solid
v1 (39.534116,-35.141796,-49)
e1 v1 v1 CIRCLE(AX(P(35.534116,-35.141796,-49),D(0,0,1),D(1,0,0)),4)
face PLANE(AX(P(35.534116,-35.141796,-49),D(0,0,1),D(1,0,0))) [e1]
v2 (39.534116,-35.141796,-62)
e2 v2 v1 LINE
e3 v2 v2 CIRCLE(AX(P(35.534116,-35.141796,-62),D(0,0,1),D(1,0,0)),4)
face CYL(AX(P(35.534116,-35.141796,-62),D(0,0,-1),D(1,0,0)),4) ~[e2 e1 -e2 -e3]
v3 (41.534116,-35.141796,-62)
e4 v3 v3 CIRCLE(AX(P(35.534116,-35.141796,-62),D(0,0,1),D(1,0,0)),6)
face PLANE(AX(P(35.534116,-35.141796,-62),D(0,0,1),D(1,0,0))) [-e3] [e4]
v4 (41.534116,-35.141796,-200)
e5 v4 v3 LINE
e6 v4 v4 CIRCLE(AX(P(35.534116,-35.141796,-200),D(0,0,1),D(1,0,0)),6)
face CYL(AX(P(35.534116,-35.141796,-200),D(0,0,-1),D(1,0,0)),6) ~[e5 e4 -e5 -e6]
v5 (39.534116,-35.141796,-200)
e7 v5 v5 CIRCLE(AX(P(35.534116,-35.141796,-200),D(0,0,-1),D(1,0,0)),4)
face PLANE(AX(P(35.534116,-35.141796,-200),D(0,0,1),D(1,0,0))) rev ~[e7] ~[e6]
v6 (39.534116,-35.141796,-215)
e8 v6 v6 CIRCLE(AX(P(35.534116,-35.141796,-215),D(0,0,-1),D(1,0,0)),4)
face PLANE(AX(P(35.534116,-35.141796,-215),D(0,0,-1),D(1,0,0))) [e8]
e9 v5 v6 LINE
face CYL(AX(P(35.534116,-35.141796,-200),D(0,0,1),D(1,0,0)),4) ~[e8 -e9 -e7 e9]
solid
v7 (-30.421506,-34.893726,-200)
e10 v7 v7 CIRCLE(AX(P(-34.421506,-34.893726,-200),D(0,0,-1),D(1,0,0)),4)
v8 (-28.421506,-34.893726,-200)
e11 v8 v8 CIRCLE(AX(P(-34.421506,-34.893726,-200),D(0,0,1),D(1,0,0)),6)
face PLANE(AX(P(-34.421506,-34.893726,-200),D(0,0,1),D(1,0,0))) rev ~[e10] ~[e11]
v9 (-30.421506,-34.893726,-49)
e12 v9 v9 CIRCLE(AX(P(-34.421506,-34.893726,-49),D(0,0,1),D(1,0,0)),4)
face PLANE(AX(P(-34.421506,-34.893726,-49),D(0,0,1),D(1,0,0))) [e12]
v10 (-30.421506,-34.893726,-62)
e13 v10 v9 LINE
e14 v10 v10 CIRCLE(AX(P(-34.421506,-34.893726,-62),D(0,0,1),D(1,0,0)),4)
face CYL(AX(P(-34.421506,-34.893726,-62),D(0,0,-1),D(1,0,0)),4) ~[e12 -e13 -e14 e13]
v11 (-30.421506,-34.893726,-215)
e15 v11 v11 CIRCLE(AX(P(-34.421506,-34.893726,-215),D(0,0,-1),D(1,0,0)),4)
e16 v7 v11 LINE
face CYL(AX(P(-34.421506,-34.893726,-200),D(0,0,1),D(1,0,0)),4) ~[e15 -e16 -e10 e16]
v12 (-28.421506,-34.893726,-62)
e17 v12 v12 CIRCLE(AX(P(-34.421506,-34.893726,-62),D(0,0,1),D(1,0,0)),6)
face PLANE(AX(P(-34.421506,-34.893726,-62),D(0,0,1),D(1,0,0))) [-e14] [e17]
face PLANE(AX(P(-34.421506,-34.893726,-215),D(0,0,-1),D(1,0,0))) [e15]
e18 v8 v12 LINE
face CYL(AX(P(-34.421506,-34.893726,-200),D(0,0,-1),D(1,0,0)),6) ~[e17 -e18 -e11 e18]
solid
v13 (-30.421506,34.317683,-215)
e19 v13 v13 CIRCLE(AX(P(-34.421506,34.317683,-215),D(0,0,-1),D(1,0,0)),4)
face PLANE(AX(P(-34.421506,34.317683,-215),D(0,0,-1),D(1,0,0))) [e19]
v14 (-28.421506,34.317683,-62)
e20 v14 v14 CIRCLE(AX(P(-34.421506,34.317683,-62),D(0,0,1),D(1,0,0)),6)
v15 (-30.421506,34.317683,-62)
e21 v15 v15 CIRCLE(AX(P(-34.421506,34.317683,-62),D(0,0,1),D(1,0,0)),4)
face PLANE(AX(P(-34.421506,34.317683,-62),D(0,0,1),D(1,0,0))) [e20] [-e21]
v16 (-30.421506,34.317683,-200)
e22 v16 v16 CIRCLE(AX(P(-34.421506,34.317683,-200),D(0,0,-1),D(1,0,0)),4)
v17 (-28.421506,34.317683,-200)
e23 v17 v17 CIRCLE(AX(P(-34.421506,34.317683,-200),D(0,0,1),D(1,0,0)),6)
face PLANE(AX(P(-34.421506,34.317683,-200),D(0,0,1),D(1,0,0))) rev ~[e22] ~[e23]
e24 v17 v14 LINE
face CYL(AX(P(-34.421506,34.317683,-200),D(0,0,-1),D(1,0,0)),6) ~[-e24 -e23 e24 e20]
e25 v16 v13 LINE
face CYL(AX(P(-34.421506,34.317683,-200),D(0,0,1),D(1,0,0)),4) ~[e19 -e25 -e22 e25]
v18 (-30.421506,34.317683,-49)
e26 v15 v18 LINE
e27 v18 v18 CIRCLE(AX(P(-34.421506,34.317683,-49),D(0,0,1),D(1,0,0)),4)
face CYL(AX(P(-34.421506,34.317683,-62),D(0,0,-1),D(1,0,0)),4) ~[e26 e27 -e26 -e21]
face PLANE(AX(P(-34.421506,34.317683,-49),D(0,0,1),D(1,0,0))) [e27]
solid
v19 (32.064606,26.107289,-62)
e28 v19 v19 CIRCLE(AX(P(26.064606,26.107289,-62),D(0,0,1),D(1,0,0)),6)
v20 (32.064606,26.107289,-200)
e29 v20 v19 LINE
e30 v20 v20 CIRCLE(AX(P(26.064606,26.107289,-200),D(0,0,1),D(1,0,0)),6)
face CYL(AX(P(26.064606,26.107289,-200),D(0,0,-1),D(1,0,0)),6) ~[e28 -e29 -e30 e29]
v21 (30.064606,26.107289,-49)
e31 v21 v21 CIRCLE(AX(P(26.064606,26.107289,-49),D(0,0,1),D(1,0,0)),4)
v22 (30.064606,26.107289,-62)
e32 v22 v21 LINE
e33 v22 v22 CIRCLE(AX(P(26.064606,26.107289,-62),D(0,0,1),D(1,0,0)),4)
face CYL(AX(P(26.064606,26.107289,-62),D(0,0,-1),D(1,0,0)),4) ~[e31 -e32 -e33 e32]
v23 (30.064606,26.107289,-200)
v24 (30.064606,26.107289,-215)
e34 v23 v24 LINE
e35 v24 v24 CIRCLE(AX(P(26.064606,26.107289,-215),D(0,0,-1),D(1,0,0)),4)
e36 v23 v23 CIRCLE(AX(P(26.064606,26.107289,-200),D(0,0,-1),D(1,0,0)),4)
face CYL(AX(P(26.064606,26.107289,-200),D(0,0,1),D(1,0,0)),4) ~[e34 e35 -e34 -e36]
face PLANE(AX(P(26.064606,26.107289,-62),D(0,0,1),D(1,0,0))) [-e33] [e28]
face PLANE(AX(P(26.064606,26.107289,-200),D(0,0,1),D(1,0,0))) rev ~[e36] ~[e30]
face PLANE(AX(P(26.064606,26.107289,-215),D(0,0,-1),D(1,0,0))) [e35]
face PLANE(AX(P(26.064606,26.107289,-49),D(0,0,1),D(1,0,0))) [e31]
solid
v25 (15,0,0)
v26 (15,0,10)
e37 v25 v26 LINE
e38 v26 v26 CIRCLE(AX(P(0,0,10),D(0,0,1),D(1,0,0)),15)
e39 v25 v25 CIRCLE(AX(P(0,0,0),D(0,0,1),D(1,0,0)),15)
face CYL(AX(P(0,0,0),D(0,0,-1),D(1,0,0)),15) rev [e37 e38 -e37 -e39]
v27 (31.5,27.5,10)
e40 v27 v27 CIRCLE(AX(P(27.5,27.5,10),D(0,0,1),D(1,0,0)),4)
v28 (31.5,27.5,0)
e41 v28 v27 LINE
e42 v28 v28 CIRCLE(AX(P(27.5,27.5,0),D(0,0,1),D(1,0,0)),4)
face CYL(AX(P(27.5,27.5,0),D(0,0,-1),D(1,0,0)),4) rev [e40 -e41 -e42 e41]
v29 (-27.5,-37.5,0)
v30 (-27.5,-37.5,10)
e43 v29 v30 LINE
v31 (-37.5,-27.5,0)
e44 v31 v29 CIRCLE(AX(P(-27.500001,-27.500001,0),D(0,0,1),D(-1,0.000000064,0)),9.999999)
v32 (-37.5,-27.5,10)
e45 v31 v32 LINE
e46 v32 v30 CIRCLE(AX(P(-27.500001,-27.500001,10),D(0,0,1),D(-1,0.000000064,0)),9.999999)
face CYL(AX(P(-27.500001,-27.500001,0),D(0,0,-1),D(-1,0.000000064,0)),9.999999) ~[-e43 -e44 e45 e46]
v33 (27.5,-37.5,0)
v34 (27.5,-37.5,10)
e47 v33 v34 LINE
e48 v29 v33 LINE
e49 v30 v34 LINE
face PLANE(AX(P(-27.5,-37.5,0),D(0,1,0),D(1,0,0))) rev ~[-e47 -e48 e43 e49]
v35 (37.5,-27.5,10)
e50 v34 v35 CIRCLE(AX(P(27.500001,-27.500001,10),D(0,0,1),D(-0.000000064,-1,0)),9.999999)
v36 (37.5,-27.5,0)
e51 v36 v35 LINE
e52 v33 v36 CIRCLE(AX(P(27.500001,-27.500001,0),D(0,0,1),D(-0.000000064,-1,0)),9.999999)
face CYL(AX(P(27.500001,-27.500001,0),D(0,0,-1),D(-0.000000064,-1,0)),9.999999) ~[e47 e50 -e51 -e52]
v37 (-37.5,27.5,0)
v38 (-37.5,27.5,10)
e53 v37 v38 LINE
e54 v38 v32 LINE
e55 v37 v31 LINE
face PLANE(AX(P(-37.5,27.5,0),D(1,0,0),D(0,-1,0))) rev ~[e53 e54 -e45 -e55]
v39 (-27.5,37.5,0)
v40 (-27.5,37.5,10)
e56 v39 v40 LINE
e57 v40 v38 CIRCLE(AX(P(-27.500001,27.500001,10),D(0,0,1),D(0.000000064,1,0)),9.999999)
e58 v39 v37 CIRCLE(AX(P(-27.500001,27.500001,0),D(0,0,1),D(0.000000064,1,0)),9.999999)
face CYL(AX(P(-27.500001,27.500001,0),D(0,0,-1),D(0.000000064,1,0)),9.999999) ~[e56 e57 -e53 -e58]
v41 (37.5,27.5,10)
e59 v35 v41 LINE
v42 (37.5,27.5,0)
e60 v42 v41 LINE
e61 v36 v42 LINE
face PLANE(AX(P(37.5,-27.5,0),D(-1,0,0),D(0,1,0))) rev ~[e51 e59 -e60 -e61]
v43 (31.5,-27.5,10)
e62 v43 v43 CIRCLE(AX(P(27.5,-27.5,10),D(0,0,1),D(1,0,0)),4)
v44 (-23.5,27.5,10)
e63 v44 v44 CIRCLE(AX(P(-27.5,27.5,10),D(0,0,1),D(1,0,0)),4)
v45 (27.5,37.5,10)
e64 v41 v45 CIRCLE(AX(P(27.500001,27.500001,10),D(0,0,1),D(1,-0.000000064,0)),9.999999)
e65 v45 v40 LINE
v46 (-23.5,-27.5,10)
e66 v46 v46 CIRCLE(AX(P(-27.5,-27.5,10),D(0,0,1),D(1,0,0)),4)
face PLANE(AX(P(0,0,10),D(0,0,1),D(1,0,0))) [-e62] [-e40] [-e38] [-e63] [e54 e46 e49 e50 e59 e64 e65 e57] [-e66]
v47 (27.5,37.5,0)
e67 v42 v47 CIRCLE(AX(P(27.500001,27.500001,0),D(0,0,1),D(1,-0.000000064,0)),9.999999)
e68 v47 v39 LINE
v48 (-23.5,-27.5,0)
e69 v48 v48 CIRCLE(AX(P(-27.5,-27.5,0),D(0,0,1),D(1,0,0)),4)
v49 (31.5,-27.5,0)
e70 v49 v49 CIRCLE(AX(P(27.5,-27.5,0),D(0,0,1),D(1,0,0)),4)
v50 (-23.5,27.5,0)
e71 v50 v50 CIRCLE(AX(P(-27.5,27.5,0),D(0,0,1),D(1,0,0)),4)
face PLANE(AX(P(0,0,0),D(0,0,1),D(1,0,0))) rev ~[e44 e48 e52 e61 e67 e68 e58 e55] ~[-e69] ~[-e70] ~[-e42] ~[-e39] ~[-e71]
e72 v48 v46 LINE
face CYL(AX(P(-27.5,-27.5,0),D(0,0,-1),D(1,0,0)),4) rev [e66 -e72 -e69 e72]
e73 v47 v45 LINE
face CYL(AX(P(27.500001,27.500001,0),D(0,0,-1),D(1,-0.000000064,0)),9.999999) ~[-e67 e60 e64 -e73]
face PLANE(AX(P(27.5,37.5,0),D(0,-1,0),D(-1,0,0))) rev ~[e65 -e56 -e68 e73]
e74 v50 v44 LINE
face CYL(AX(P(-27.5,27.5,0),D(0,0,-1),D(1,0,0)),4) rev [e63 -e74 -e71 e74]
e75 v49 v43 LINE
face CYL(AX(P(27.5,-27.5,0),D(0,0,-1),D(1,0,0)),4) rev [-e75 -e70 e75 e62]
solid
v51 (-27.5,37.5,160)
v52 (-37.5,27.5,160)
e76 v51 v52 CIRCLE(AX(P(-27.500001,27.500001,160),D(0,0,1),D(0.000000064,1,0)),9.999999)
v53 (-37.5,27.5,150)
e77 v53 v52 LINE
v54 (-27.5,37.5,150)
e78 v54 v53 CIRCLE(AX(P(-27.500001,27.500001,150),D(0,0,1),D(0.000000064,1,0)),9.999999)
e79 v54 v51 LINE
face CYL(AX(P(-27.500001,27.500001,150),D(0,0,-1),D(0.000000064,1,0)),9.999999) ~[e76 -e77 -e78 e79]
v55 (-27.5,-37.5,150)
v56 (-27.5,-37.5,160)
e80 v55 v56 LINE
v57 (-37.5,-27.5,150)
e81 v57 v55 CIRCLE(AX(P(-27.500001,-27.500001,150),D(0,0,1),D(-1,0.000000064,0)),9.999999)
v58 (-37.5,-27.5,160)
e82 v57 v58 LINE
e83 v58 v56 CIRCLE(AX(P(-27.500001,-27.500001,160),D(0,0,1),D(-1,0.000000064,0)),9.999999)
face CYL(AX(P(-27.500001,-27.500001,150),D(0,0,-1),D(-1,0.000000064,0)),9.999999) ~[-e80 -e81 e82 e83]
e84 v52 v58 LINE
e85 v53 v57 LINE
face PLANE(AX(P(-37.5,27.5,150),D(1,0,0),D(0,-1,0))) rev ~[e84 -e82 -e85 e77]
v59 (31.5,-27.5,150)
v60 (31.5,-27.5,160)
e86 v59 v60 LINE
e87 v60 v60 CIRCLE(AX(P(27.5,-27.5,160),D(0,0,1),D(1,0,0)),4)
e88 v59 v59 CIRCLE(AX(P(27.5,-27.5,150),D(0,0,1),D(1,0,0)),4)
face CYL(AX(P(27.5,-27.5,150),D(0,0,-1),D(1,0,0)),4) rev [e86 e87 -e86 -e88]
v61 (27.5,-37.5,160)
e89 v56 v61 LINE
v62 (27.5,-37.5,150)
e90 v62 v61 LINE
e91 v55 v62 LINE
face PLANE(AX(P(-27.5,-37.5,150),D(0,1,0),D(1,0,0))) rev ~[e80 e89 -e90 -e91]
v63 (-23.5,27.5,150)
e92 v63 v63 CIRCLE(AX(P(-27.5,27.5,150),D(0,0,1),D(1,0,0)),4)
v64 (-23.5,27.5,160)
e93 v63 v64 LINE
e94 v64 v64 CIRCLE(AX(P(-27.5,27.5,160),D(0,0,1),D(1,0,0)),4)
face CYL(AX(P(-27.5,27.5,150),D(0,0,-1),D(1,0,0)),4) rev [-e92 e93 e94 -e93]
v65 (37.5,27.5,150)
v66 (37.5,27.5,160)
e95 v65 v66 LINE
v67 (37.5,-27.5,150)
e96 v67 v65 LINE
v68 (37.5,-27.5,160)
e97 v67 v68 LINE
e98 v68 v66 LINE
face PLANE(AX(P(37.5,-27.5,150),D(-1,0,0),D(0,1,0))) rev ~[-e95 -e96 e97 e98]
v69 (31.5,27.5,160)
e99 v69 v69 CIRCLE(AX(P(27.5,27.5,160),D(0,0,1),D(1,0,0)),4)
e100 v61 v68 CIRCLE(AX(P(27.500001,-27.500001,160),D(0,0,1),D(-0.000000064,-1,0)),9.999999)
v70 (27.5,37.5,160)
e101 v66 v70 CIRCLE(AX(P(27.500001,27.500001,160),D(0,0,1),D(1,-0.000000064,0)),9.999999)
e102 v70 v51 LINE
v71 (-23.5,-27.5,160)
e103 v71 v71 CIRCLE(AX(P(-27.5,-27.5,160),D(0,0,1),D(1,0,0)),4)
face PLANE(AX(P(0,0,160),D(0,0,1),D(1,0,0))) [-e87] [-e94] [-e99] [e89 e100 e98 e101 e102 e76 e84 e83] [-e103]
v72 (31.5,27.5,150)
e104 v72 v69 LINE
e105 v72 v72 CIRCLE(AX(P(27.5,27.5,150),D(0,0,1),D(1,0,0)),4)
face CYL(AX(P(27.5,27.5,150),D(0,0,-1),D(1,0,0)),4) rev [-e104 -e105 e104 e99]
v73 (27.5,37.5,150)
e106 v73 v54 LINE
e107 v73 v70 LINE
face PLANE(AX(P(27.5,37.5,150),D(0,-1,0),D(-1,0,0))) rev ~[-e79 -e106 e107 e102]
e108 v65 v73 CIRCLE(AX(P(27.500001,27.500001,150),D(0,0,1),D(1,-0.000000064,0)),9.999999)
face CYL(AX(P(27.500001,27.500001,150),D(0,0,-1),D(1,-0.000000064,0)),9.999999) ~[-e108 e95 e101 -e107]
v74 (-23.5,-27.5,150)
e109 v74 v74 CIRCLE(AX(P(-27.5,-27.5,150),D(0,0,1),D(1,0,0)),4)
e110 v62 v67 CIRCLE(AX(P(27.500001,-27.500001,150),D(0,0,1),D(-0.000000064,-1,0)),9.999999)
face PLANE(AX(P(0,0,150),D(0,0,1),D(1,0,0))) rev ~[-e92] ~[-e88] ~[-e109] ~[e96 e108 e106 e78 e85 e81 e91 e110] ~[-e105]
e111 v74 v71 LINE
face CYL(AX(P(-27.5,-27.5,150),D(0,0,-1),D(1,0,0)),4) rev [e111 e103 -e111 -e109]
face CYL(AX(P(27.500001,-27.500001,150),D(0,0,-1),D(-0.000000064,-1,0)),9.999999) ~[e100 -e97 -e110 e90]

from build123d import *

# Parameters (mm, degrees)
F0_R      = 4
F0_R_2    = 15
F1_DEPTH  = 10
F3_R      = 4
F4_DEPTH  = 10
F6_R      = 6
F7_DEPTH  = 138
F8_R      = 4
F9_DEPTH  = 15
F10_R     = 4
F11_DEPTH = 15
F12_R     = 4
F13_DEPTH = 15
F14_R     = 4
F15_DEPTH = 15
F16_R     = 4
F17_DEPTH = 13
F18_R     = 4
F19_DEPTH = 13
F20_R     = 4
F21_DEPTH = 13
F22_R     = 4
F23_DEPTH = 13


with BuildPart() as f1:
    # F0 (on Top) → F1 (new body)
    with BuildSketch(Plane.XY):
        with BuildLine():
            Line((-27.5, -37.5), (27.5, -37.5))
            ThreePointArc((27.5, -37.5), (34.571068, -34.571068), (37.5, -27.5))
            Line((37.5, -27.5), (37.5, 27.5))
            ThreePointArc((37.5, 27.5), (34.571068, 34.571068), (27.5, 37.5))
            Line((27.5, 37.5), (-27.5, 37.5))
            ThreePointArc((-27.5, 37.5), (-34.571068, 34.571068), (-37.5, 27.5))
            Line((-37.5, 27.5), (-37.5, -27.5))
            ThreePointArc((-37.5, -27.5), (-34.571068, -34.571068), (-27.5, -37.5))
        make_face()
        with Locations((-27.5, -27.5)):
            Circle(F0_R, mode=Mode.SUBTRACT)
        with Locations((27.5, -27.5)):
            Circle(F0_R, mode=Mode.SUBTRACT)
        with Locations((-27.5, 27.5)):
            Circle(F0_R, mode=Mode.SUBTRACT)
        Circle(F0_R_2, mode=Mode.SUBTRACT)
        with Locations((27.5, 27.5)):
            Circle(F0_R, mode=Mode.SUBTRACT)
    extrude(amount=F1_DEPTH)


with BuildPart() as f4:
    # F3 (on offset) → F4 (new body)
    with BuildSketch(Plane.XY.offset(150)):
        with BuildLine():
            ThreePointArc((-37.5, -27.5), (-34.571068, -34.571068), (-27.5, -37.5))
            Line((-27.5, -37.5), (27.5, -37.5))
            ThreePointArc((27.5, -37.5), (34.571068, -34.571068), (37.5, -27.5))
            Line((37.5, -27.5), (37.5, 27.5))
            ThreePointArc((37.5, 27.5), (34.571068, 34.571068), (27.5, 37.5))
            Line((27.5, 37.5), (-27.5, 37.5))
            ThreePointArc((-27.5, 37.5), (-34.571068, 34.571068), (-37.5, 27.5))
            Line((-37.5, 27.5), (-37.5, -27.5))
        make_face()
        with Locations((-27.5, -27.5)):
            Circle(F3_R, mode=Mode.SUBTRACT)
        with Locations((27.5, -27.5)):
            Circle(F3_R, mode=Mode.SUBTRACT)
        with Locations((-27.5, 27.5)):
            Circle(F3_R, mode=Mode.SUBTRACT)
        with Locations((27.5, 27.5)):
            Circle(F3_R, mode=Mode.SUBTRACT)
    extrude(amount=F4_DEPTH)


with BuildPart() as f7:
    # F6 (on offset) → F7 (new body)
    with BuildSketch(Plane.XY.offset(-200)):
        with Locations((35.534116, -35.141796)):
            Circle(F6_R)
        with Locations((26.064606, 26.107289)):
            Circle(F6_R)
        with Locations((-34.421506, 34.317683)):
            Circle(F6_R)
        with Locations((-34.421506, -34.893726)):
            Circle(F6_R)
    extrude(amount=F7_DEPTH)

    # F8 (on face) → F9 (join)
    with BuildSketch(Plane(origin=(0, 0, -200), x_dir=(1, 0, 0), z_dir=(0, 0, -1))):
        with Locations((35.534116, 35.141796)):
            Circle(F8_R)
    extrude(amount=F9_DEPTH)

    # F10 (on face) → F11 (join)
    with BuildSketch(Plane(origin=(0, 0, -200), x_dir=(1, 0, 0), z_dir=(0, 0, -1))):
        with Locations((26.064606, -26.107289)):
            Circle(F10_R)
    extrude(amount=F11_DEPTH)

    # F12 (on face) → F13 (join)
    with BuildSketch(Plane(origin=(0, 0, -200), x_dir=(1, 0, 0), z_dir=(0, 0, -1))):
        with Locations((-34.421506, 34.893726)):
            Circle(F12_R)
    extrude(amount=F13_DEPTH)

    # F14 (on face) → F15 (join)
    with BuildSketch(Plane(origin=(0, 0, -200), x_dir=(1, 0, 0), z_dir=(0, 0, -1))):
        with Locations((-34.421506, -34.317683)):
            Circle(F14_R)
    extrude(amount=F15_DEPTH)

    # F16 (on face) → F17 (join)
    with BuildSketch(Plane.XY.offset(-62)):
        with Locations((26.064606, 26.107289)):
            Circle(F16_R)
    extrude(amount=F17_DEPTH)

    # F18 (on face) → F19 (join)
    with BuildSketch(Plane.XY.offset(-62)):
        with Locations((35.534116, -35.141796)):
            Circle(F18_R)
    extrude(amount=F19_DEPTH)

    # F20 (on face) → F21 (join)
    with BuildSketch(Plane.XY.offset(-62)):
        with Locations((-34.421506, -34.893726)):
            Circle(F20_R)
    extrude(amount=F21_DEPTH)

    # F22 (on face) → F23 (join)
    with BuildSketch(Plane.XY.offset(-62)):
        with Locations((-34.421506, 34.317683)):
            Circle(F22_R)
    extrude(amount=F23_DEPTH)


solid = Compound([f1.part, f4.part, f7.part])
